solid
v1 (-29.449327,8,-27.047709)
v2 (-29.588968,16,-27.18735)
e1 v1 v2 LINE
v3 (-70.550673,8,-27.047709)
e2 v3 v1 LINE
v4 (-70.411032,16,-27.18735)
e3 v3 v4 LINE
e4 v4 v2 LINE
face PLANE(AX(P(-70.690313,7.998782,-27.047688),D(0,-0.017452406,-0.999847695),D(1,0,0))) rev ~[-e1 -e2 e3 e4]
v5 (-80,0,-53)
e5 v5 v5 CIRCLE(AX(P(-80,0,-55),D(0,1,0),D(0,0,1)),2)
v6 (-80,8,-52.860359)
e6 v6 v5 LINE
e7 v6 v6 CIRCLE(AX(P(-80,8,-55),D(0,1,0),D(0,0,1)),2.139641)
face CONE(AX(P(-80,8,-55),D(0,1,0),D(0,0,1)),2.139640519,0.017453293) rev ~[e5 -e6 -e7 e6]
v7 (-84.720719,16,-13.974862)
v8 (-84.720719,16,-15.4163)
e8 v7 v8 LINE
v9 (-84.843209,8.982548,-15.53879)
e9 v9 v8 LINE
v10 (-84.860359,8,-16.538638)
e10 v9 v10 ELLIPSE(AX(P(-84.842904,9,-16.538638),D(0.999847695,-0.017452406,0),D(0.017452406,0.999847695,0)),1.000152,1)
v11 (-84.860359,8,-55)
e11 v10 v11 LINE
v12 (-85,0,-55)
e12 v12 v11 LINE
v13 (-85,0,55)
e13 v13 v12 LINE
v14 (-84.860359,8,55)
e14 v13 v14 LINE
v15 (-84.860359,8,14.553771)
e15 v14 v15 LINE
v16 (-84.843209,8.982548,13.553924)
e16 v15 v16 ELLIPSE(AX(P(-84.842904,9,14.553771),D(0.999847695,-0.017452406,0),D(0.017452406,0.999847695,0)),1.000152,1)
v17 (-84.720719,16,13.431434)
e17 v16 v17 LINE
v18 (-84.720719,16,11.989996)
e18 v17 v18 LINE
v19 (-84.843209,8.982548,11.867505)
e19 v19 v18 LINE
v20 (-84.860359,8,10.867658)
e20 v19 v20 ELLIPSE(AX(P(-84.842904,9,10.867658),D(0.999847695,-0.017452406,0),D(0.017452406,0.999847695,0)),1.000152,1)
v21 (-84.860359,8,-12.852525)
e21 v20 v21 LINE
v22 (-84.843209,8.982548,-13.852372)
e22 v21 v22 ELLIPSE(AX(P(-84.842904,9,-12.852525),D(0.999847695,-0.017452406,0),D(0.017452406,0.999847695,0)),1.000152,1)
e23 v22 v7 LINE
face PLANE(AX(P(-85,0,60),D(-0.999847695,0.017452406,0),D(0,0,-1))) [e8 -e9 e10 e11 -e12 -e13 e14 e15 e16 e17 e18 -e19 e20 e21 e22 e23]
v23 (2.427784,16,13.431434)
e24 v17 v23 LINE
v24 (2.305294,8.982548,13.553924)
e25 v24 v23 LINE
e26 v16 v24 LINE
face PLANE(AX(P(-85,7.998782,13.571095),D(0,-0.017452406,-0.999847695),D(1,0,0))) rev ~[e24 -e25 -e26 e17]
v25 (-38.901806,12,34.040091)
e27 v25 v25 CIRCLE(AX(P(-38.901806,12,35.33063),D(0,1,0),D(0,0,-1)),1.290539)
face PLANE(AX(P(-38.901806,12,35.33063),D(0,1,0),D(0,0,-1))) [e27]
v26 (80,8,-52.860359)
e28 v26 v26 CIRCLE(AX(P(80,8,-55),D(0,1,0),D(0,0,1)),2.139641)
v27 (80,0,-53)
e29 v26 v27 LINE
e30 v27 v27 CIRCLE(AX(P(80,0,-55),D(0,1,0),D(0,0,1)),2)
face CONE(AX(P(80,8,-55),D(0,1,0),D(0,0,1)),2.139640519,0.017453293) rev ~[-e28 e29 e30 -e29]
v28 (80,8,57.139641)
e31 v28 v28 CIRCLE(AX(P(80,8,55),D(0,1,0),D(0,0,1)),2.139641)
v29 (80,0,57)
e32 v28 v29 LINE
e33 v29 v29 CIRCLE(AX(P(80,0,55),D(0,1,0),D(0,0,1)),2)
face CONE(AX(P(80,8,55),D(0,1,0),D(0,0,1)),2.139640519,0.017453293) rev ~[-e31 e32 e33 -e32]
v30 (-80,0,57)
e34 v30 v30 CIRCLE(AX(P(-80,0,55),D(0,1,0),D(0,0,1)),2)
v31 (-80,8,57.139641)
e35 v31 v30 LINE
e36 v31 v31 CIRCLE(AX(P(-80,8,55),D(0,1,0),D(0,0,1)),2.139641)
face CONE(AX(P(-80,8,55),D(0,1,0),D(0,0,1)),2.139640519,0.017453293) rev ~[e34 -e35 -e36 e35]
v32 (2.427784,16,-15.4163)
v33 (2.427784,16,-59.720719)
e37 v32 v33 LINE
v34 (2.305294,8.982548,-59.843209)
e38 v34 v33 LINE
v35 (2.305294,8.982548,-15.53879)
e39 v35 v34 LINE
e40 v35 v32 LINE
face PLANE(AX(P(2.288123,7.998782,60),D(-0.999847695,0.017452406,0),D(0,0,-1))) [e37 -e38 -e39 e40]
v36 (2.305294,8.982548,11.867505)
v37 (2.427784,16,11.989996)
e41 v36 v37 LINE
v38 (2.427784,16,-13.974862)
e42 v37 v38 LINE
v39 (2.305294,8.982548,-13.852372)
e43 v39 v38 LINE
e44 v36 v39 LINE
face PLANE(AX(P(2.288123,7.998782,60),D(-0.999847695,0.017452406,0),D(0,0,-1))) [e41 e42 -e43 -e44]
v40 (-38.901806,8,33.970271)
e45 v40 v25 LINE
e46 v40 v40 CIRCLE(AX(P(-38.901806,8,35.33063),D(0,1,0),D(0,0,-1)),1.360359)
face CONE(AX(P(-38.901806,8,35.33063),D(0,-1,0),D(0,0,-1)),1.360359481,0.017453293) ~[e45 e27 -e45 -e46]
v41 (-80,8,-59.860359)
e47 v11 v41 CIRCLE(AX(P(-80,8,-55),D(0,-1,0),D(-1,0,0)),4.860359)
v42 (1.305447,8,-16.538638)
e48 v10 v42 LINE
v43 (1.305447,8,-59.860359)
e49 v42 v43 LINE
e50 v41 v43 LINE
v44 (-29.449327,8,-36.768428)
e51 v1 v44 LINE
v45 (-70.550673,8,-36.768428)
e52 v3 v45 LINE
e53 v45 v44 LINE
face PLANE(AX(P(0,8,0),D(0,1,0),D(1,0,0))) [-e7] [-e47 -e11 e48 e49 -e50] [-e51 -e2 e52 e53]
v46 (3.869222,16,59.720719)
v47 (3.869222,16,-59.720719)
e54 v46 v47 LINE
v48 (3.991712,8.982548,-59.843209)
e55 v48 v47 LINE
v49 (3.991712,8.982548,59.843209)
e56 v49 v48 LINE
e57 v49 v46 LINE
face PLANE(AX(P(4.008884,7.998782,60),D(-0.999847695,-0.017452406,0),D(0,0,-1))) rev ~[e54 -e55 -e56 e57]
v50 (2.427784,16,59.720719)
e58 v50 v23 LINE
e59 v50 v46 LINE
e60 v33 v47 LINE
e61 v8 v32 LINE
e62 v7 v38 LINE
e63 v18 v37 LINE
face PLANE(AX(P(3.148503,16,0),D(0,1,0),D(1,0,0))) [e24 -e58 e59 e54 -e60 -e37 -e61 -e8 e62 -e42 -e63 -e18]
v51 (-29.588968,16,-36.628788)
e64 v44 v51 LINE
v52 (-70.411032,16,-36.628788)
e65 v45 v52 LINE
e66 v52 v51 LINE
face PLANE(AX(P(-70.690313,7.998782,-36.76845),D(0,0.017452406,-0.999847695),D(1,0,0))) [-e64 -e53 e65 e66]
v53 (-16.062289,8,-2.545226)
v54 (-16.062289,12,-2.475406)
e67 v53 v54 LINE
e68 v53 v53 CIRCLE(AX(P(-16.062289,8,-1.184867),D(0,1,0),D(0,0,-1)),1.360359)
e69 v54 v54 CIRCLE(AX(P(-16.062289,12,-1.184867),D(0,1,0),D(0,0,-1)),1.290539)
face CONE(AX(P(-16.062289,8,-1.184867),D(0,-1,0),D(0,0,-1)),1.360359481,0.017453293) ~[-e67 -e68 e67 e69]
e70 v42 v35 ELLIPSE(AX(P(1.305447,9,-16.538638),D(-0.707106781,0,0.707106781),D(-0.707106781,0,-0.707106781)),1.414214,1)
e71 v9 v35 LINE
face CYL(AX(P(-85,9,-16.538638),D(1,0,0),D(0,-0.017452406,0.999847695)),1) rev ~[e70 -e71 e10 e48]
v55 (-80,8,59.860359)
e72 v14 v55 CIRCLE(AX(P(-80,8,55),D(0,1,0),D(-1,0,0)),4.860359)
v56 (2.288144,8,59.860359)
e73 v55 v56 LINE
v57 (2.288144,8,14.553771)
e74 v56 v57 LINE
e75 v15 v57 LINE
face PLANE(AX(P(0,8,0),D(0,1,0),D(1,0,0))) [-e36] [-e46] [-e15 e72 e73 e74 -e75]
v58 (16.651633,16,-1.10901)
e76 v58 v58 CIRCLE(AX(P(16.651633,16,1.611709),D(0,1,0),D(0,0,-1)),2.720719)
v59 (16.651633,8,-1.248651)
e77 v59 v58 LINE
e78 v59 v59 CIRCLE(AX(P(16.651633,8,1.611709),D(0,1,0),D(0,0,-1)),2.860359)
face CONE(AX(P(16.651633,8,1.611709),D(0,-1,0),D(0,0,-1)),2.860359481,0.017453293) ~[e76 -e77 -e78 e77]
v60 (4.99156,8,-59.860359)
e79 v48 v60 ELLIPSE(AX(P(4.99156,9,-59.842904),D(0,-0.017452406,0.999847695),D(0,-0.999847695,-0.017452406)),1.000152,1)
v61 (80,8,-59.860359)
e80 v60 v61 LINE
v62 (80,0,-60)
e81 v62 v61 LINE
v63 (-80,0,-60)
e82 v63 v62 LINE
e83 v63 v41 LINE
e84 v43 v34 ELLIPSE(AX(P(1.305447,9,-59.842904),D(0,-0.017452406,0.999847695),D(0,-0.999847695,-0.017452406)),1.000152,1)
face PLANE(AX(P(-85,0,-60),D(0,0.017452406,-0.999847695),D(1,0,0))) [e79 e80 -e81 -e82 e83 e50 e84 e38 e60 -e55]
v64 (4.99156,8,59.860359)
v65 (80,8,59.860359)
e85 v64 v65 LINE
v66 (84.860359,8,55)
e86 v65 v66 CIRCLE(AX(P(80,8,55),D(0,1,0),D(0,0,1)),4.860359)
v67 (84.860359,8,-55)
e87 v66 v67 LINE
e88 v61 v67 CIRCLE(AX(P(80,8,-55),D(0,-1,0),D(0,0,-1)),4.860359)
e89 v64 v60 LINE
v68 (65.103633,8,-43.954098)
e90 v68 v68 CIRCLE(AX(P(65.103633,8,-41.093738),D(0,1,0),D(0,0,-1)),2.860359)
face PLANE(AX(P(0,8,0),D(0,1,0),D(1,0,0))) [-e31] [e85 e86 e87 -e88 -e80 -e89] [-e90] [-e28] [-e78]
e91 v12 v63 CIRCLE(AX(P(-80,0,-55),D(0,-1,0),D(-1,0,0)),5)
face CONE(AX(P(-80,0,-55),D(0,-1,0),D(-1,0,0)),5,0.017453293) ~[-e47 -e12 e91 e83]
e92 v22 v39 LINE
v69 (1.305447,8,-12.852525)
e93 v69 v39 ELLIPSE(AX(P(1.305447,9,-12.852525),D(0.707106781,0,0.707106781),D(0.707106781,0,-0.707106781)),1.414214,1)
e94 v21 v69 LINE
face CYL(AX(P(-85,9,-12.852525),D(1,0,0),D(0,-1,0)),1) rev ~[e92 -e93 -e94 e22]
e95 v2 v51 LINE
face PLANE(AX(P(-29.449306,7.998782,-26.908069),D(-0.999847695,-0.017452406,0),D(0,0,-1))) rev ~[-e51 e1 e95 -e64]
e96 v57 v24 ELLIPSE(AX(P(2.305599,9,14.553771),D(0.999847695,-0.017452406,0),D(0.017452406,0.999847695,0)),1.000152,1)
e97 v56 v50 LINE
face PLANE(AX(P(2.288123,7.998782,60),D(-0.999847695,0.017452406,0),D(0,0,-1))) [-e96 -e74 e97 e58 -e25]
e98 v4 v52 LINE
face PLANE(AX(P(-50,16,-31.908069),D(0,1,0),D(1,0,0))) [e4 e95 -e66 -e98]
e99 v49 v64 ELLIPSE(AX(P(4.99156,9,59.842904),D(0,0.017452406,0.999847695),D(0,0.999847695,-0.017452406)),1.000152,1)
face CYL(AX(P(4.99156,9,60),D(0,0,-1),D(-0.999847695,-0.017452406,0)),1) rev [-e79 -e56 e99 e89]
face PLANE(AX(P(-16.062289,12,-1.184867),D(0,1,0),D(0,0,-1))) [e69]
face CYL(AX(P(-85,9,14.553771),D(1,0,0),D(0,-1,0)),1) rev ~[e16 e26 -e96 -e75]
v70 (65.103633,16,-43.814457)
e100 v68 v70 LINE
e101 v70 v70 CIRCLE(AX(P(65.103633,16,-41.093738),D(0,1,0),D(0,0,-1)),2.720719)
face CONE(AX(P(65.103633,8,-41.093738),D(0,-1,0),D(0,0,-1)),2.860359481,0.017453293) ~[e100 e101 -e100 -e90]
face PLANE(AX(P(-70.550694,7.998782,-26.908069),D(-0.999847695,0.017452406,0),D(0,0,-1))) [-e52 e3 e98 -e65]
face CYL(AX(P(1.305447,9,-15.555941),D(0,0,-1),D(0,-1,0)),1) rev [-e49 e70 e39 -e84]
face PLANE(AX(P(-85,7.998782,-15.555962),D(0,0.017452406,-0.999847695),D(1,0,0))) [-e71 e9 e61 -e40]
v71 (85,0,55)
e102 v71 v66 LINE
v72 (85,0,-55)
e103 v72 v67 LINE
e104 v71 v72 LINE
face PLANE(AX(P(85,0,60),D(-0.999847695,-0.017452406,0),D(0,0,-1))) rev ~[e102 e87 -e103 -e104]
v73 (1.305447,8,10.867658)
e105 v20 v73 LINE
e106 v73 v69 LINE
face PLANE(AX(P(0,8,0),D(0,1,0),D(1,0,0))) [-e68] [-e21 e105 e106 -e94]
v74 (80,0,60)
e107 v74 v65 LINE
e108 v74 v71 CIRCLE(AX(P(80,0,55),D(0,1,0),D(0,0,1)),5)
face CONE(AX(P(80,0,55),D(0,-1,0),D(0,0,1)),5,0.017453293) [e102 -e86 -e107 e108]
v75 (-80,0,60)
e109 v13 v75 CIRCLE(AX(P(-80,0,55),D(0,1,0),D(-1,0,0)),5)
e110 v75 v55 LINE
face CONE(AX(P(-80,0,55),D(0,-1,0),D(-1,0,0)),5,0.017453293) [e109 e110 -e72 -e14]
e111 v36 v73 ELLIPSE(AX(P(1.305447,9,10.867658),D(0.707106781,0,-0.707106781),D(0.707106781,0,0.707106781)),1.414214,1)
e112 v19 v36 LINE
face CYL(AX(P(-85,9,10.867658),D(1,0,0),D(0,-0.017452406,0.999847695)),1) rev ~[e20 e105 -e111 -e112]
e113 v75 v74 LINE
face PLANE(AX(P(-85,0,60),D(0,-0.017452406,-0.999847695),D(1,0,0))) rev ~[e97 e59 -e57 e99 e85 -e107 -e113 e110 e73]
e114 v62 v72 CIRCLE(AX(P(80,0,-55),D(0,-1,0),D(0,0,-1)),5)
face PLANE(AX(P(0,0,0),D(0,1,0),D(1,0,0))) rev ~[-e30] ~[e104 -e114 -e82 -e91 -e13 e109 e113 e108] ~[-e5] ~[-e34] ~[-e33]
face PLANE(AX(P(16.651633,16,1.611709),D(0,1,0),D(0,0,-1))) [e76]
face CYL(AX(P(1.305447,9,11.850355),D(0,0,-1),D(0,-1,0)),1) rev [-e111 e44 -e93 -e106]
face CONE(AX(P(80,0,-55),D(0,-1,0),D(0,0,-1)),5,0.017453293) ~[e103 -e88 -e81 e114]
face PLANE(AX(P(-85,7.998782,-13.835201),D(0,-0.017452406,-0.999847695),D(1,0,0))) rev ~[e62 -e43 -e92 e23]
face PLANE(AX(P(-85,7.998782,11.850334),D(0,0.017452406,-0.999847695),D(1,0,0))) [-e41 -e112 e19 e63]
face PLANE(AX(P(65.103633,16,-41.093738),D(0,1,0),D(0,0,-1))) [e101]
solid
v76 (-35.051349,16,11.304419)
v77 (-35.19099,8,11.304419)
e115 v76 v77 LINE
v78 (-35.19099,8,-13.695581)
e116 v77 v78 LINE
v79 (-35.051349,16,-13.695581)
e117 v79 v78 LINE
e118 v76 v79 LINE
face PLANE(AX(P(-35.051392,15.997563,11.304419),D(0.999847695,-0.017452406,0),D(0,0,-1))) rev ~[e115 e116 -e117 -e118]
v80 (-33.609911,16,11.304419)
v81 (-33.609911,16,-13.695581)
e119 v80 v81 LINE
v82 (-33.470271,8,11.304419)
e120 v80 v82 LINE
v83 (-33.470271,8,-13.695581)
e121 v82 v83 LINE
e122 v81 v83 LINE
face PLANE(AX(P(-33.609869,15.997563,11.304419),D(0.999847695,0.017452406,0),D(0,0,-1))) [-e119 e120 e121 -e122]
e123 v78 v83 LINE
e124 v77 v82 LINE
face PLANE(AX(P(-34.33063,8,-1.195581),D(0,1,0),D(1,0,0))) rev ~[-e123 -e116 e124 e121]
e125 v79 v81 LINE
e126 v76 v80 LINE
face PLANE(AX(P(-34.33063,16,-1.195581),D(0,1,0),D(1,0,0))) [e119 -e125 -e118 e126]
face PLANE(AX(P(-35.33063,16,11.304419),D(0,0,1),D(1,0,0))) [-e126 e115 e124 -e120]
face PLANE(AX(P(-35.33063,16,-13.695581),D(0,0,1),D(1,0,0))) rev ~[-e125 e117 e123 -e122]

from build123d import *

# Parameters (mm, degrees)
SKETCH1_W            = 170
SKETCH1_H            = 120
BOSS_EXTRUDE1_DEPTH  = 8
SKETCH2_W            = 41.380626675
SKETCH2_H            = 10
BOSS_EXTRUDE2_DEPTH  = 8
SKETCH3_R            = 2
CUT_EXTRUDE1_DEPTH   = 8
SKETCH7_R            = 3
BOSS_EXTRUDE3_DEPTH  = 8
SKETCH8_R            = 1.5
BOSS_EXTRUDE6_DEPTH  = 4
SKETCH9_R            = 1.5
BOSS_EXTRUDE7_DEPTH  = 4
SKETCH10_R           = 3
BOSS_EXTRUDE8_DEPTH  = 8
SKETCH11_W           = 2
SKETCH11_H           = 120
BOSS_EXTRUDE9_DEPTH  = 8
SKETCH13_W           = 87.148503305
SKETCH13_H           = 2
BOSS_EXTRUDE10_DEPTH = 8
BOSS_EXTRUDE11_START = -1.289738394
SKETCH7_3_R          = 3
BOSS_EXTRUDE11_DEPTH = 1.289738394
SKETCH14_W           = 2
SKETCH14_H           = 25
BOSS_EXTRUDE13_DEPTH = 8
SKETCH18_W           = 87.148503305
SKETCH18_H           = 2
BOSS_EXTRUDE16_DEPTH = 8
SKETCH19_R           = 1.5
BOSS_EXTRUDE17_DEPTH = 4
DRAFT3_ANGLE         = 1
FILLET1_R            = 1
FILLET6_R            = 5
DRAFT1_ANGLE         = -1
DRAFT2_ANGLE         = 1
DRAFT4_ANGLE         = 1


with BuildPart() as part:
    # Sketch1 → Boss-Extrude1 (new body)
    with BuildSketch(Plane(origin=(0, 0, 0), x_dir=(1, 0, 0), z_dir=(0, 1, 0))):
        Rectangle(SKETCH1_W, SKETCH1_H)
    extrude(amount=BOSS_EXTRUDE1_DEPTH)

    # Sketch2 → Boss-Extrude2 (add)
    with BuildSketch(Plane(origin=(-17.791513114, 8, -3.068036611), x_dir=(1, 0, 0), z_dir=(0, 1, 0))):
        with Locations((-32.208486886, 28.840032215)):
            Rectangle(SKETCH2_W, SKETCH2_H)
    extrude(amount=BOSS_EXTRUDE2_DEPTH)

    # Sketch3 → Cut-Extrude1 (cut)
    with BuildSketch(Plane(origin=(0, 8, 0), x_dir=(1, 0, 0), z_dir=(0, 1, 0))):
        with Locations((-80, 55)):
            Circle(SKETCH3_R)
        with Locations((-80, -55)):
            Circle(SKETCH3_R)
        with Locations((80, 55)):
            Circle(SKETCH3_R)
        with Locations((80, -55)):
            Circle(SKETCH3_R)
    extrude(amount=-CUT_EXTRUDE1_DEPTH, mode=Mode.SUBTRACT)

    # Sketch7 → Boss-Extrude3 (add)
    with BuildSketch(Plane(origin=(12.703147983, 8, 3.565766466), x_dir=(1, 0, 0), z_dir=(0, 1, 0))):
        with Locations((52.400485428, 44.659504627)):
            Circle(SKETCH7_R)
    extrude(amount=BOSS_EXTRUDE3_DEPTH)

    # Sketch8 → Boss-Extrude6 (add)
    with BuildSketch(Plane(origin=(0, 16, 3.565766466), x_dir=(1, 0, 0), z_dir=(0, 1, 0))):
        with Locations((65.103633411, 44.659504627)):
            Circle(SKETCH8_R)
    extrude(amount=-BOSS_EXTRUDE6_DEPTH)

    # Sketch9 → Boss-Extrude7 (add)
    with BuildSketch(Plane(origin=(0, 16, 3.565766466), x_dir=(1, 0, 0), z_dir=(0, 1, 0))):
        with Locations((64.905146724, 44.273718651)):
            Circle(SKETCH9_R)
    extrude(amount=-BOSS_EXTRUDE7_DEPTH)

    # Sketch10 → Boss-Extrude8 (add)
    with BuildSketch(Plane(origin=(-8.754663217, 8, 20.46794397), x_dir=(1, 0, 0), z_dir=(0, 1, 0))):
        with Locations((25.406295965, 18.856235287)):
            Circle(SKETCH10_R)
    extrude(amount=BOSS_EXTRUDE8_DEPTH)

    # Sketch11 → Boss-Extrude9 (add)
    with BuildSketch(Plane(origin=(4.148503305, 8, 0), x_dir=(1, 0, 0), z_dir=(0, 1, 0))):
        with Locations((-1, 0)):
            Rectangle(SKETCH11_W, SKETCH11_H)
    extrude(amount=BOSS_EXTRUDE9_DEPTH)

    # Sketch13 → Boss-Extrude10 (add)
    with BuildSketch(Plane(origin=(0, 8, 0), x_dir=(1, 0, 0), z_dir=(0, 1, 0))):
        with Locations((-41.425748347, 14.695581419)):
            Rectangle(SKETCH13_W, SKETCH13_H)
    extrude(amount=BOSS_EXTRUDE10_DEPTH)

    # Sketch7<3> → Boss-Extrude11 (add)
    with BuildSketch(Plane(origin=(12.703147983, 8, 3.565766466), x_dir=(1, 0, 0), z_dir=(0, 1, 0)).offset(BOSS_EXTRUDE11_START)):
        with Locations((52.400485428, 44.659504627)):
            Circle(SKETCH7_3_R)
    extrude(amount=BOSS_EXTRUDE11_DEPTH)

    # Sketch18 → Boss-Extrude16 (add)
    with BuildSketch(Plane(origin=(0, 8, 0), x_dir=(1, 0, 0), z_dir=(0, 1, 0))):
        with Locations((-41.425748347, -12.710714547)):
            Rectangle(SKETCH18_W, SKETCH18_H)
    extrude(amount=BOSS_EXTRUDE16_DEPTH)

    # Sketch19 → Boss-Extrude17 (add)
    with BuildSketch(Plane(origin=(0, 8, 0), x_dir=(1, 0, 0), z_dir=(0, 1, 0))):
        with Locations((-16.06228854, 1.18486687)):
            Circle(SKETCH19_R)
        with Locations((-38.901806458, -35.330630327)):
            Circle(SKETCH19_R)
    extrude(amount=BOSS_EXTRUDE17_DEPTH)

    # Draft3
    draft3_faces = [part.faces().sort_by_distance(p)[0] for p in [
        (-17.56228854, 10, -1.18486687),
        (78, 4, -55),
        (-82, 4, -55),
        (78, 4, 55),
        (-82, 4, 55),
        (4.148503305, 12, 0),
        (-29.309686662, 12, -31.908068826),
        (-50, 12, -26.908068826),
        (-70.690313338, 12, -31.908068826),
        (-50, 12, -36.908068826),
        (-40.401806458, 10, 35.330630327),
        (13.651632748, 12, 1.611708683),
        (62.103633411, 12, -41.093738161),
        (-41.425748348, 12, -13.695581419),
        (-41.425748348, 12, -15.695581419),
        (-41.425748348, 12, 11.710714547),
        (-41.425748348, 12, 13.710714547),
        (2.148503305, 12, 36.855357273),
        (2.148503305, 12, -0.992433436),
        (2.148503305, 12, -37.847790709),
    ]]
    draft(draft3_faces, Plane.ZX, DRAFT3_ANGLE)

    # Fillet1
    fillet1_edges = [part.edges().sort_by_distance(p)[0] for p in [
        (-41.355928088, 8, 13.571074027),
        (-41.355928088, 8, 11.850355066),
        (-41.355928088, 8, -13.835221938),
        (2.288143824, 8, -0.992433436),
        (4.008862785, 8, 0),
        (2.288143824, 8, -37.77797045),
        (-41.355928088, 8, -15.555940899),
    ]]
    fillet(fillet1_edges, radius=FILLET1_R)

    # Fillet6
    fillet6_edges = [part.edges().sort_by_distance(p)[0] for p in [
        (85, 4, -60),
        (85, 4, 60),
        (-85, 4, 60),
        (-85, 4, -60),
    ]]
    fillet(fillet6_edges, radius=FILLET6_R)

    # Draft1
    draft1_faces = [part.faces().sort_by_distance(p)[0] for p in [
        (83.535533906, 4, 58.535533906),
        (85, 4, 0),
        (83.535533906, 4, -58.535533906),
        (0.031801749, 4.078447927, -60),
        (-83.535533906, 4, -58.535533906),
        (-83.535533906, 4, 58.535533906),
        (-85, 4.2238948, -0.028609533),
        (0.031476466, 4.077788114, 60),
    ]]
    draft(draft1_faces, Plane.ZX, DRAFT1_ANGLE)

    # Draft2
    draft2_faces = [part.faces().sort_by_distance(p)[0] for p in [
        (83.584904285, 4, -58.584904285),
        (85.06982026, 4, 0),
        (83.584904285, 4, 58.584904285),
        (0.031476466, 4.077788114, 60.071178056),
        (-83.584904285, 4, 58.584904285),
        (-85.073728358, 4.2238948, -0.028609533),
        (-83.584904285, 4, -58.584904285),
        (0.031801749, 4.078447927, -60.071189573),
    ]]
    draft(draft2_faces, Plane.ZX, DRAFT2_ANGLE)


with BuildPart() as body_2:
    # Sketch14 → Boss-Extrude13 (new body)
    with BuildSketch(Plane(origin=(0, 16, 0), x_dir=(1, 0, 0), z_dir=(0, 1, 0))):
        with Locations((-34.330630327, 1.195581419)):
            Rectangle(SKETCH14_W, SKETCH14_H)
    extrude(amount=-BOSS_EXTRUDE13_DEPTH)

    # Draft4
    draft4_faces = [body_2.faces().sort_by_distance(p)[0] for p in [
        (-35.330630327, 12, -1.195581419),
        (-33.330630327, 12, -1.195581419),
    ]]
    draft(draft4_faces, Plane.ZX, DRAFT4_ANGLE)


solid = Compound([part.part, body_2.part])
